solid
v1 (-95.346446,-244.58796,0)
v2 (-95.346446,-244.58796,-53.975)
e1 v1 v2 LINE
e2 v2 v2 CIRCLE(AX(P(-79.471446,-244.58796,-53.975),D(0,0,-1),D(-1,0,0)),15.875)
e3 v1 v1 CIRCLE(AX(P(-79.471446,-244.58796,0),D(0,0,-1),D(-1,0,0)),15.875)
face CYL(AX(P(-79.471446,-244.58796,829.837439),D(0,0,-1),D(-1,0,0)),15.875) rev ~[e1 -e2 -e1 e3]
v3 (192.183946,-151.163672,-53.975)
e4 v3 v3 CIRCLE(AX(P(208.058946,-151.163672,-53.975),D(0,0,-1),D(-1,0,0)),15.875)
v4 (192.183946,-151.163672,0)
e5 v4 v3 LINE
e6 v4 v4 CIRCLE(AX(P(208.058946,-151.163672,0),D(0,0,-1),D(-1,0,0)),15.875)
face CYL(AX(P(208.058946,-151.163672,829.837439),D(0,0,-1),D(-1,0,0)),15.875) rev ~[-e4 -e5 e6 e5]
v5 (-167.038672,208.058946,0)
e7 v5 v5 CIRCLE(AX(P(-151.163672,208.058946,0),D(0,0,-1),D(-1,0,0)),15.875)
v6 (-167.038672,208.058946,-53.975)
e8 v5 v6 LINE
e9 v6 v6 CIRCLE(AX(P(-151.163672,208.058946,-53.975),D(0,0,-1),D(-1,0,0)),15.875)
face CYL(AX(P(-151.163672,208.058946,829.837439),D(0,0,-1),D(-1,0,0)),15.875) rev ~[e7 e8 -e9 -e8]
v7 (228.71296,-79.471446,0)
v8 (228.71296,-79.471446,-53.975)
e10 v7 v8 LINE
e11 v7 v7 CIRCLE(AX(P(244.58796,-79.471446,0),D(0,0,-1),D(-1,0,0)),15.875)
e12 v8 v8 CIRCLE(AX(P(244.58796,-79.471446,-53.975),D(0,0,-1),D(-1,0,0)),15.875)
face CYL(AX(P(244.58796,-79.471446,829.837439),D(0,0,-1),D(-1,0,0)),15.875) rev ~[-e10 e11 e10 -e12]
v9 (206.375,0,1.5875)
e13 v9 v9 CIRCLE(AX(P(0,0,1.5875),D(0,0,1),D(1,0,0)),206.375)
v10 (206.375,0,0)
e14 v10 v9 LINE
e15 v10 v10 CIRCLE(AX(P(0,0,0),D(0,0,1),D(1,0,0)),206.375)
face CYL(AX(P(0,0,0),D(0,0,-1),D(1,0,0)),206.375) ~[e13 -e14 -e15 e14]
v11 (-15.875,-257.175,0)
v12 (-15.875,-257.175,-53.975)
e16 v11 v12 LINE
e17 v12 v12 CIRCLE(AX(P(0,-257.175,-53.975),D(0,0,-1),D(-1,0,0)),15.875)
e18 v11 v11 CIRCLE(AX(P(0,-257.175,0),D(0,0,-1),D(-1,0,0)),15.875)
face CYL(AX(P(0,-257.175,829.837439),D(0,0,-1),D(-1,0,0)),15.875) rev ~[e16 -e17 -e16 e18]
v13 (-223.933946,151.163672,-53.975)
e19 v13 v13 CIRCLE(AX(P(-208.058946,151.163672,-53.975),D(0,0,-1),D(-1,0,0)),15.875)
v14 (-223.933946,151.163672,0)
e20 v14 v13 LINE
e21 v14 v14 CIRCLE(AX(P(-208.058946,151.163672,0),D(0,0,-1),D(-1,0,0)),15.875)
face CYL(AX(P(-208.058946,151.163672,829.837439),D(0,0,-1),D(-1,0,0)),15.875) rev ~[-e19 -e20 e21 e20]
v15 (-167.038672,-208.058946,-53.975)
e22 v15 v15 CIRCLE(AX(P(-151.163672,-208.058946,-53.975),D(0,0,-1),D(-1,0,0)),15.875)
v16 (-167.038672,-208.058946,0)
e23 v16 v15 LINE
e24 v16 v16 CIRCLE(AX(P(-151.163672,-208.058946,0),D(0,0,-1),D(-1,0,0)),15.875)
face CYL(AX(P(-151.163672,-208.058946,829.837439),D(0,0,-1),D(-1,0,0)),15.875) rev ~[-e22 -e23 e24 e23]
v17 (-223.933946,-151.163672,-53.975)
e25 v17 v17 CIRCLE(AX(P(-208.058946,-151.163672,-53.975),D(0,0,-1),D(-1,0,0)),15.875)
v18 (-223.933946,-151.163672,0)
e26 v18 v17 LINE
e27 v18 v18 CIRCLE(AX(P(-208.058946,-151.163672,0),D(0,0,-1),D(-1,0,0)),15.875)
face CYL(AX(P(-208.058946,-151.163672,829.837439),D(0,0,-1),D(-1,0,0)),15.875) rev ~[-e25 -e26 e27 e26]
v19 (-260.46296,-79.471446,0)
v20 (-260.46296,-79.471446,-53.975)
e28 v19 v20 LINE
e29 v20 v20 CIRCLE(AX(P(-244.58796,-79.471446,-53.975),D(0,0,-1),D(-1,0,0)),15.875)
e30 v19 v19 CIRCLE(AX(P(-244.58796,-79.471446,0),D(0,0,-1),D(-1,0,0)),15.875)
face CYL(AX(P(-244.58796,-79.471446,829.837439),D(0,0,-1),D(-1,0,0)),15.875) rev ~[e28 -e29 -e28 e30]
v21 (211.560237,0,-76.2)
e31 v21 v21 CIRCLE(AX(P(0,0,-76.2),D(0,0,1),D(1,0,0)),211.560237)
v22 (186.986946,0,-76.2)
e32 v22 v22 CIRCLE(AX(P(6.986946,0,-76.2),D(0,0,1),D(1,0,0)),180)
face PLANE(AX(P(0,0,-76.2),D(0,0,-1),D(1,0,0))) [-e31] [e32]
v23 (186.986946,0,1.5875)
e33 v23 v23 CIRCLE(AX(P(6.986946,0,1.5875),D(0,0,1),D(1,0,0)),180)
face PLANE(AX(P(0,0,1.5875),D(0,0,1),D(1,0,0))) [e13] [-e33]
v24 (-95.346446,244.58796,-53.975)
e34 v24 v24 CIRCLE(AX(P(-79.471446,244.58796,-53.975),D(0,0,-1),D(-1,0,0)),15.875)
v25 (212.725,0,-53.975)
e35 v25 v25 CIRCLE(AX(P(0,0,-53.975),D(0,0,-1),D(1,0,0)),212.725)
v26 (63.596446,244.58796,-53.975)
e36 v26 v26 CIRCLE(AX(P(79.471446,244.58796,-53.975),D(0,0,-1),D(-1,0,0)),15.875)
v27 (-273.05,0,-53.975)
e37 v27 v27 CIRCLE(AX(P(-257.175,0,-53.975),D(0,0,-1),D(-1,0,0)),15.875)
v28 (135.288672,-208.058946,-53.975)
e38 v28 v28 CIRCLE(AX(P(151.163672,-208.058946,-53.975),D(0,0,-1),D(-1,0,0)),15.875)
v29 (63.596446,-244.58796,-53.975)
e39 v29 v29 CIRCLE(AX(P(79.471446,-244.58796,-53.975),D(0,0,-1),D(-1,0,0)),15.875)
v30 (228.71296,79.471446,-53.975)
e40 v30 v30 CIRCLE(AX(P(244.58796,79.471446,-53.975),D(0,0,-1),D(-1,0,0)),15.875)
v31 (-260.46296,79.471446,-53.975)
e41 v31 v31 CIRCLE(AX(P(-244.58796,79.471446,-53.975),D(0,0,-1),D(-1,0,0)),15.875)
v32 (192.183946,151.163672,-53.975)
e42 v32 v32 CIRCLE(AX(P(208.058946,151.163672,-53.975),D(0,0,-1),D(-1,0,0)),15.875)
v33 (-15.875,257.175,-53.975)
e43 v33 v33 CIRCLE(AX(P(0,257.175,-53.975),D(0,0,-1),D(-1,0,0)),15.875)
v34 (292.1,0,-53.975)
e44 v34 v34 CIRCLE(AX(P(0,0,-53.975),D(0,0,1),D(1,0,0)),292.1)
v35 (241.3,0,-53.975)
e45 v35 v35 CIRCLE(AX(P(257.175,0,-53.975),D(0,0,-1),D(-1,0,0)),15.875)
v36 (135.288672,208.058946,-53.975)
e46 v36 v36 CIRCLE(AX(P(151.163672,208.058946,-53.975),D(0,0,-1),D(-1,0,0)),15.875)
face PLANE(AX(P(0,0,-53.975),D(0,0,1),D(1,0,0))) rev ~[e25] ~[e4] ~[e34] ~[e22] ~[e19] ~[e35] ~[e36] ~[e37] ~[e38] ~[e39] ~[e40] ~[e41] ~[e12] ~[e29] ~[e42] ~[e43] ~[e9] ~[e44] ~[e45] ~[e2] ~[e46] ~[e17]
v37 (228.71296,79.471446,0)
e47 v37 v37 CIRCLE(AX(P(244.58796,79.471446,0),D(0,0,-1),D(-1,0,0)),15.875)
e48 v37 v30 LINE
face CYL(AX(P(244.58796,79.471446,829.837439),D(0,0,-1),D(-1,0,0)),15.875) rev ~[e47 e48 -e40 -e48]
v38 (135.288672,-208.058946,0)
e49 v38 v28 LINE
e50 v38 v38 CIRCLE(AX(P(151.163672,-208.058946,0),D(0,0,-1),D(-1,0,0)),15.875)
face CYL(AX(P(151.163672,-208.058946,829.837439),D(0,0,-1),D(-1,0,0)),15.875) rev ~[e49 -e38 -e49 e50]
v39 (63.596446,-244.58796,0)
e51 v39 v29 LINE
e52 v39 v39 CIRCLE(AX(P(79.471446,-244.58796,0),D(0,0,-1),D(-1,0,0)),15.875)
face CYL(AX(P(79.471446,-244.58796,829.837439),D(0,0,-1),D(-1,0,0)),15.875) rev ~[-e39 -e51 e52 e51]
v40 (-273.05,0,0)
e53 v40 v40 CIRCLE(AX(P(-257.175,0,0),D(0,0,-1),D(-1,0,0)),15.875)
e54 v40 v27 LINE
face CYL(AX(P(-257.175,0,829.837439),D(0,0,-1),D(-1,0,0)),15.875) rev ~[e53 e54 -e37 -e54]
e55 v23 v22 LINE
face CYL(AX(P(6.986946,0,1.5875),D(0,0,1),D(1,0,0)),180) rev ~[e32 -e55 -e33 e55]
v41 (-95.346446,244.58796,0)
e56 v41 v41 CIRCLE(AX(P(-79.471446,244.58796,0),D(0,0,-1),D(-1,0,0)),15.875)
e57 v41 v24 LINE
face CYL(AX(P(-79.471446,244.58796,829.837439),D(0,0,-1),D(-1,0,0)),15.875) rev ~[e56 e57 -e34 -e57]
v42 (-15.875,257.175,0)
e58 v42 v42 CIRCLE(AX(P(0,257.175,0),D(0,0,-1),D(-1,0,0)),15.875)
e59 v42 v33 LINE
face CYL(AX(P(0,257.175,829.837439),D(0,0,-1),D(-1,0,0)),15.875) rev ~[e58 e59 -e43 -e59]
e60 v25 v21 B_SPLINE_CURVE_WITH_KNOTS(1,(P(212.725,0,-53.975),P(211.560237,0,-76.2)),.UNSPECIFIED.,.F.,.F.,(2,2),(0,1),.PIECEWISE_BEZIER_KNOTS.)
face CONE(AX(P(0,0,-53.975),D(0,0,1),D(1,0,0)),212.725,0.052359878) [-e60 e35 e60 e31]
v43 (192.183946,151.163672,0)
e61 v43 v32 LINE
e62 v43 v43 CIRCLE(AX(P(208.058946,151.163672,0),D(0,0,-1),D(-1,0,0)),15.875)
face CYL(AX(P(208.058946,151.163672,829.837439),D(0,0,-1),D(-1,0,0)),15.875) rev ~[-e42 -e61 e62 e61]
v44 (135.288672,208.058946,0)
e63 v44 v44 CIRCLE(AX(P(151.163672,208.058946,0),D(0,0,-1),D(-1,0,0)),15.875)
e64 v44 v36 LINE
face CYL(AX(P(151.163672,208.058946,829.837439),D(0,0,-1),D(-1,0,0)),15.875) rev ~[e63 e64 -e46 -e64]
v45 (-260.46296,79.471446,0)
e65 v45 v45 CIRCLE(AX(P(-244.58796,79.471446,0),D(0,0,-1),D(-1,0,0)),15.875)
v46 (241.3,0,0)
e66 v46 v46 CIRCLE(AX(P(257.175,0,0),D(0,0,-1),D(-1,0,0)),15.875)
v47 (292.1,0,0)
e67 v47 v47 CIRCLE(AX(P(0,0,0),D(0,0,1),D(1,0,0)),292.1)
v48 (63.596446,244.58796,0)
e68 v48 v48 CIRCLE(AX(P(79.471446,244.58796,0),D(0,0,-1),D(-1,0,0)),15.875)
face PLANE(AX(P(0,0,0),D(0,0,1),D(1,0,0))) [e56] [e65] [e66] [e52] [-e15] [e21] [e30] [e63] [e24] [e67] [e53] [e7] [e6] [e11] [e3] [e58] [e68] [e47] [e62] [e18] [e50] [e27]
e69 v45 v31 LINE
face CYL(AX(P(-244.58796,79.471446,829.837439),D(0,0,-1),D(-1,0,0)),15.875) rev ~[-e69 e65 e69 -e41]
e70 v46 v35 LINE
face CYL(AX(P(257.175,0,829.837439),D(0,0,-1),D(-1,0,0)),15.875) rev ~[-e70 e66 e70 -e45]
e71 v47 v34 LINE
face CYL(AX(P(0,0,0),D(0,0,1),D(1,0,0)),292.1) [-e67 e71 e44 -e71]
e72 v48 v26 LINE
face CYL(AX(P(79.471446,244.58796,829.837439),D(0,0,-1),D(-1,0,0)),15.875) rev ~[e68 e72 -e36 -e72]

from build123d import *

# Parameters (mm, degrees)
F0_R     = 292.1
F1_DEPTH = 53.975
F2_R     = 206.375
F3_DEPTH = 1.5875
F4_R     = 212.725
F5_DEPTH = 22.225
F5_TAPER = 3
F6_R     = 180
F7_DEPTH = 77.7885001
F9_D     = 31.75


with BuildPart() as f1:
    # F0 (on Top) → F1 (new body)
    with BuildSketch(Plane.XY):
        Circle(F0_R)
    extrude(amount=-F1_DEPTH)

    # F2 (on face) → F3 (join)
    with BuildSketch(Plane.XY):
        Circle(F2_R)
    extrude(amount=F3_DEPTH)

    # F4 (on face) → F5 (join)
    with BuildSketch(Plane(origin=(0, 0, -53.975), x_dir=(1, 0, 0), z_dir=(0, 0, -1))):
        Circle(F4_R)
    extrude(amount=F5_DEPTH, taper=F5_TAPER)

    # F6 (on face) → F7 (cut, through all)
    with BuildSketch(Plane.XY.offset(1.5875)):
        with Locations((6.9869458067, 0)):
            Circle(F6_R)
    extrude(amount=-F7_DEPTH, mode=Mode.SUBTRACT)

    # F9 (through all)
    with Locations(Plane.XY):
        with Locations((244.5879595782, 79.4714455284), (208.0589455284, 151.1636722583), (151.1636722583, 208.0589455284), (79.4714455284, 244.5879595782), (0, 257.175), (-79.4714455284, 244.5879595782), (-151.1636722583, 208.0589455284), (-208.0589455284, 151.1636722583), (-244.5879595782, 79.4714455284), (-257.175, 0), (-244.5879595782, -79.4714455284), (-208.0589455284, -151.1636722583), (-151.1636722583, -208.0589455284), (-79.4714455284, -244.5879595782), (0, -257.175), (79.4714455284, -244.5879595782), (151.1636722583, -208.0589455284), (208.0589455284, -151.1636722583), (244.5879595782, -79.4714455284), (257.175, 0)):
            Hole(F9_D / 2)


solid = f1.part
